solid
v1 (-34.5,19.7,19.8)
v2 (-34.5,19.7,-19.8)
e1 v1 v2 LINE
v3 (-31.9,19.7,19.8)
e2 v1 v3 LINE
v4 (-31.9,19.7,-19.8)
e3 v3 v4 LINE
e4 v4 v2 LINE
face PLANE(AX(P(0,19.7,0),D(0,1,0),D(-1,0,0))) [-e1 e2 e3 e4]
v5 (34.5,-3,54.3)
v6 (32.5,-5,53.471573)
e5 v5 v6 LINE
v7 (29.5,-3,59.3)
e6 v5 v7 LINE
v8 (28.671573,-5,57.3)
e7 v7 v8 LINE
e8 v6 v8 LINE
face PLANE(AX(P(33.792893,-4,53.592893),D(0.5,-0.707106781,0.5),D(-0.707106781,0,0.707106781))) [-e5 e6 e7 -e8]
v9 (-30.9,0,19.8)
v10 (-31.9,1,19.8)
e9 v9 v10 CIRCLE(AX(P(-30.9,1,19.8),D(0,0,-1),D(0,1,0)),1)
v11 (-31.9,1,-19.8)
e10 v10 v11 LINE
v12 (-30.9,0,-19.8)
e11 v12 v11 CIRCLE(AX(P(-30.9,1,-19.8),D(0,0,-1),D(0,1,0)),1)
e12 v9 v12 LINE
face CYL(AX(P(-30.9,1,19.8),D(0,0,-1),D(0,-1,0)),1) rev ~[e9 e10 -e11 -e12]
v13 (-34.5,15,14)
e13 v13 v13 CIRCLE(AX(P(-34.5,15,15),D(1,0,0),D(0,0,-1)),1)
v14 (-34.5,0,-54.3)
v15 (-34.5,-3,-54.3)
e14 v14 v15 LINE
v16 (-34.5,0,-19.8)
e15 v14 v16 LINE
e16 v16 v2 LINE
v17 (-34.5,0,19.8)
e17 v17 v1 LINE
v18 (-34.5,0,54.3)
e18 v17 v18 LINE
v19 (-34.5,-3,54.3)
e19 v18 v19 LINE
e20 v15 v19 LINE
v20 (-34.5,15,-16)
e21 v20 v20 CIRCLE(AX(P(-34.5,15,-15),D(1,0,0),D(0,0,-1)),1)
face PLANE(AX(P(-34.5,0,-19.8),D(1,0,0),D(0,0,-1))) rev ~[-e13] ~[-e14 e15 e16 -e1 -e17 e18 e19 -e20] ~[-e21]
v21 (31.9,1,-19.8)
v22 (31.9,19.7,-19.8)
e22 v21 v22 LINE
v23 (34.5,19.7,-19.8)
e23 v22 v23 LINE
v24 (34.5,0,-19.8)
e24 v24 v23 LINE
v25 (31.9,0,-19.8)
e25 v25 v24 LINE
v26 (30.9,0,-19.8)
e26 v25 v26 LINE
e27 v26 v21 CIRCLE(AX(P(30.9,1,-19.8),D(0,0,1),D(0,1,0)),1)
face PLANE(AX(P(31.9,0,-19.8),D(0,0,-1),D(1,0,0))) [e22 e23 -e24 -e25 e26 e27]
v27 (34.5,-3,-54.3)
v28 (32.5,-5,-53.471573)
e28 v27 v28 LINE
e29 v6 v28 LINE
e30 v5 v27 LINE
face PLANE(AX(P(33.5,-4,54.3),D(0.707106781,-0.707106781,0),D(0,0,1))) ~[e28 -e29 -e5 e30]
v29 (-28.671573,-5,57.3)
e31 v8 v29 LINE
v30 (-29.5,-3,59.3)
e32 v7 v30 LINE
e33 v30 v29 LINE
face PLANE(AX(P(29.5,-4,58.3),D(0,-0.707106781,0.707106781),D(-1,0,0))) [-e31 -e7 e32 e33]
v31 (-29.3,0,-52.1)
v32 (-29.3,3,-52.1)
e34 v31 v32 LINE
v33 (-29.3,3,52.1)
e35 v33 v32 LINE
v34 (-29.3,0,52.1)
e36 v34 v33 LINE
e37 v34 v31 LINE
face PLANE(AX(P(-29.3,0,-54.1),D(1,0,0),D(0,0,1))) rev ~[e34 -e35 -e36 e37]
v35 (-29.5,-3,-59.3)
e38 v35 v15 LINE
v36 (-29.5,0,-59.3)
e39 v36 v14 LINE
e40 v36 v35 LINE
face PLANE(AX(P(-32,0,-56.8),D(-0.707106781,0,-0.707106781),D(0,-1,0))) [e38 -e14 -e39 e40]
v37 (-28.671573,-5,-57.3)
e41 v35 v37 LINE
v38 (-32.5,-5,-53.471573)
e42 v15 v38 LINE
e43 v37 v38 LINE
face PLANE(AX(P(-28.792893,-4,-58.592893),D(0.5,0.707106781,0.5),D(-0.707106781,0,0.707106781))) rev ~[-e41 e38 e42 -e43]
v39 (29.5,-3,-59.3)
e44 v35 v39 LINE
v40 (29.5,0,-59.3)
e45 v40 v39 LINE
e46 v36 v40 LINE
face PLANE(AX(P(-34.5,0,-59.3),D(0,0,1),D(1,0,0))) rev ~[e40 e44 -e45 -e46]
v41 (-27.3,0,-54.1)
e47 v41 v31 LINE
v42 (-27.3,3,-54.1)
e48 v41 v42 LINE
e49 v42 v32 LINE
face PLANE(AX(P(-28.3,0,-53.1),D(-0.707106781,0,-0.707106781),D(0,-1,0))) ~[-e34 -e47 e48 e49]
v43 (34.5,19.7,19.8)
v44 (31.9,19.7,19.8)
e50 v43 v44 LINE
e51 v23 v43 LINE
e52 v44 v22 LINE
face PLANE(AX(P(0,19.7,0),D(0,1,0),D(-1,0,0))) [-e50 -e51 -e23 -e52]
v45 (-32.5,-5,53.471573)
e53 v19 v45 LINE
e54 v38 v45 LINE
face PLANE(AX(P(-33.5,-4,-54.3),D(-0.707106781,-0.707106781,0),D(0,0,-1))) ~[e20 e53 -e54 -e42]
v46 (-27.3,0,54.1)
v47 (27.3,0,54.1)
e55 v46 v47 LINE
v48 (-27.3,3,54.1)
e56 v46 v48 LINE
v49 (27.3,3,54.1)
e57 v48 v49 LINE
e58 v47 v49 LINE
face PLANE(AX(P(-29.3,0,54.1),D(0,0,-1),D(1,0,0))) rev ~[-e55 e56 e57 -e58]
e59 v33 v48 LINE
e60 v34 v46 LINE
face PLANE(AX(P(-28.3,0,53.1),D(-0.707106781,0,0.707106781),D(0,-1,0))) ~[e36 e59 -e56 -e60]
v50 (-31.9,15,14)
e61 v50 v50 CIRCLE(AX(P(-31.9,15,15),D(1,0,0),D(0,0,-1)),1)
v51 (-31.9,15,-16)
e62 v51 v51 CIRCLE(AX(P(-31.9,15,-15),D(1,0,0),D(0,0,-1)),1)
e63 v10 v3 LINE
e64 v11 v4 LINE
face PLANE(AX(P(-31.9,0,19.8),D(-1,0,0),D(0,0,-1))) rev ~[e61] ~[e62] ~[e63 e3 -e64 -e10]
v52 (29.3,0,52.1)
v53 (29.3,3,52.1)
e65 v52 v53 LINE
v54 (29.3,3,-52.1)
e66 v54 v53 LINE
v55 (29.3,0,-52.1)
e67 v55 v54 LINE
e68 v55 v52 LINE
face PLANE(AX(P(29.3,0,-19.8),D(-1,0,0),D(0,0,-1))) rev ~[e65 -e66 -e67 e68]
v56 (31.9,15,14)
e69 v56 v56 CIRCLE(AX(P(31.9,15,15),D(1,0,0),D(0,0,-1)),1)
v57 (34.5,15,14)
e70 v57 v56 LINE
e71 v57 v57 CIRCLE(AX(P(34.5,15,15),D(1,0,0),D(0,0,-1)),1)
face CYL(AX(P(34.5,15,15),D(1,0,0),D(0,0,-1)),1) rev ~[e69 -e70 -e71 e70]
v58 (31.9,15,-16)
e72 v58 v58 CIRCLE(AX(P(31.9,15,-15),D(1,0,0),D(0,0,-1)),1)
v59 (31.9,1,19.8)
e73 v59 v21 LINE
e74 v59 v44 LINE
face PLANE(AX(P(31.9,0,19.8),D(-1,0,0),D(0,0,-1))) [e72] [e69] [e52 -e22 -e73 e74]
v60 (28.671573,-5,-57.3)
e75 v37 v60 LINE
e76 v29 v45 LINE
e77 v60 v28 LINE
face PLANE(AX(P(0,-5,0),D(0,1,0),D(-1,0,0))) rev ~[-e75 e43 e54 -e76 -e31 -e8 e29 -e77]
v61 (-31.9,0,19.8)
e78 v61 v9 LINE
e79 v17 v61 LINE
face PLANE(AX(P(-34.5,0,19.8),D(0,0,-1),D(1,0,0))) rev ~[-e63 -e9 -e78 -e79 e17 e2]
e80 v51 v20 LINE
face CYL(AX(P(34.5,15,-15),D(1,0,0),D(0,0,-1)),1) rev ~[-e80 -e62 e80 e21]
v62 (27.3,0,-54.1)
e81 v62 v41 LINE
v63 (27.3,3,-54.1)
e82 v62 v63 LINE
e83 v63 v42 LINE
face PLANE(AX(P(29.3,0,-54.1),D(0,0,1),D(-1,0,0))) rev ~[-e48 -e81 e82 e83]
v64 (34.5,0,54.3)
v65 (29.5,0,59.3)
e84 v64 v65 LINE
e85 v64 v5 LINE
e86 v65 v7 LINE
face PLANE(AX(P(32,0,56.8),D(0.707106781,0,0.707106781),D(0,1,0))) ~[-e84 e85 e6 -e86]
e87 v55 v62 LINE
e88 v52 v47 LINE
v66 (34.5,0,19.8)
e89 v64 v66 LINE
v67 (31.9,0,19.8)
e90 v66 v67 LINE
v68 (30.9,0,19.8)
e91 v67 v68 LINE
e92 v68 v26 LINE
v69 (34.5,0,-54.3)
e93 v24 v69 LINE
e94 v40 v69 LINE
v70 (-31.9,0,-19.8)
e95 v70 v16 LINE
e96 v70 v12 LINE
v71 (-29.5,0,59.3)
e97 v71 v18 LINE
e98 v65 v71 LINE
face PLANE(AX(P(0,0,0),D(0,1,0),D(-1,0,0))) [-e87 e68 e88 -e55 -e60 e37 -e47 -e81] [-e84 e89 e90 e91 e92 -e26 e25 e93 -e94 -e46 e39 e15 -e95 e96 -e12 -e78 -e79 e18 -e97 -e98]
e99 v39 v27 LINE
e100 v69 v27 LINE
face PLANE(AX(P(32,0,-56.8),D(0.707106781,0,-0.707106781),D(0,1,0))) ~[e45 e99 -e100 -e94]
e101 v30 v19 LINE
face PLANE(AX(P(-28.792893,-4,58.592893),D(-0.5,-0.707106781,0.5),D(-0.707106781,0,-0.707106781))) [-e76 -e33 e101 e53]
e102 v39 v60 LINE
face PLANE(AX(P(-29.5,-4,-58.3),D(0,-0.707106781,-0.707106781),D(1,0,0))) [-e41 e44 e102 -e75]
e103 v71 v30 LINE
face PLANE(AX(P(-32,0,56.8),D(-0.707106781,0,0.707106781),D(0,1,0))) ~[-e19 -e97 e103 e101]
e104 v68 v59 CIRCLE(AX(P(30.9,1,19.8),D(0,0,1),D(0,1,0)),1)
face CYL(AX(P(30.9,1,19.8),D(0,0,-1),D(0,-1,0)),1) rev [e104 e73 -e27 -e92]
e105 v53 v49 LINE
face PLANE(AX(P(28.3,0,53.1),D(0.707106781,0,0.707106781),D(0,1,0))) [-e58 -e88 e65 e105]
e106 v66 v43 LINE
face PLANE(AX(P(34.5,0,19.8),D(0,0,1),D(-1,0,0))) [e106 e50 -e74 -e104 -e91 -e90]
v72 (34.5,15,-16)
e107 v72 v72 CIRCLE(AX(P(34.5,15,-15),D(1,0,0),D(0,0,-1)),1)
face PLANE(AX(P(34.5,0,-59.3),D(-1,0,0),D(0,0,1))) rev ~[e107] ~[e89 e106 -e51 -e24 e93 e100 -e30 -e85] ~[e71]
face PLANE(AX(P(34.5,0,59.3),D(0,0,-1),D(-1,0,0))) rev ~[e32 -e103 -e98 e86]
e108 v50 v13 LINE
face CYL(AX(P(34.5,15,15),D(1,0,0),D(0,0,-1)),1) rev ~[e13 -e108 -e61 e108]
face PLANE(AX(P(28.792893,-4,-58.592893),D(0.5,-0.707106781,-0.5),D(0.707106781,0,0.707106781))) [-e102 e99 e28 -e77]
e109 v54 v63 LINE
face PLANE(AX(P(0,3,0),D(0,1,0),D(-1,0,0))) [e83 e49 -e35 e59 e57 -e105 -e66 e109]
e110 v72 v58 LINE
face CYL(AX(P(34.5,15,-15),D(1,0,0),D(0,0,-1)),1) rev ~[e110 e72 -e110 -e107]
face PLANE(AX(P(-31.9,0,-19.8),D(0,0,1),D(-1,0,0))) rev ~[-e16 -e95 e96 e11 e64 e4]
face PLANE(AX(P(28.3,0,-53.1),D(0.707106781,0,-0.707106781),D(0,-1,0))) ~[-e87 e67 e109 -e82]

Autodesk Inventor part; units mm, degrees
ref_plane "YZ Plane" through (0, 0, 0) normal (1, 0, 0) x (0, 1, 0)
ref_plane "XZ Plane" through (0, 0, 0) normal (0, 1, 0) x (-1, 0, 0)
ref_plane "XY Plane" through (0, 0, 0) normal (0, 0, 1) x (1, 0, 0)
sketch "스케치1" plane through (0, 0, 0) normal (0, 1, 0) x (-1, 0, 0)
  line L0 (-29.3, -54.1) -> (29.3, -54.1)
  line L1 (29.3, -54.1) -> (29.3, 54.1)
  line L2 (29.3, 54.1) -> (-29.3, 54.1)
  line L3 (-29.3, 54.1) -> (-29.3, -54.1)
  line L4 (-29.3, -54.1) -> (29.3, 54.1) construction
  line L5 (29.3, -54.1) -> (-29.3, 54.1) construction
  line L6 (34.5, 59.3) -> (34.5, -59.3)
  line L7 (34.5, -59.3) -> (-34.5, -59.3)
  line L8 (-34.5, -59.3) -> (-34.5, 59.3)
  line L9 (-34.5, 59.3) -> (34.5, 59.3)
  line L10 (34.5, 19.8) -> (29.3, 19.8)
  line L11 (29.3, 19.8) -> (29.3, -19.8)
  line L12 (29.3, -19.8) -> (34.5, -19.8)
  line L13 (34.5, -19.8) -> (34.5, 19.8)
  line L14 (34.5, 19.8) -> (29.3, -19.8) construction
  line L15 (29.3, 19.8) -> (34.5, -19.8) construction
  line L16 (0, 0) -> (0, -10.2235)
  line L17 (31.9, 19.8) -> (31.9, -19.8)
  line L18 (-34.5, 19.8) -> (-29.3, 19.8)
  line L19 (-29.3, 19.8) -> (-29.3, -19.8)
  line L20 (-29.3, -19.8) -> (-34.5, -19.8)
  line L21 (-34.5, -19.8) -> (-34.5, 19.8)
  line L22 (-34.5, 19.8) -> (-29.3, -19.8) construction
  line L23 (-29.3, 19.8) -> (-34.5, -19.8) construction
  line L24 (-31.9, 19.8) -> (-31.9, -19.8)
  point P0 (31.9, 0)
  point P1 (-31.9, 0)
  point P2 (-34.5, 19.8)
  point P3 (-34.5, -19.8)
  dimension "d0" = 58.6
  dimension "d1" = 108.2
  dimension "d4" = 5.2
  dimension "d7" = 39.6
extrude "돌출1" add sketch "스케치1" against normal blind 5
extrude "돌출2" add sketch "스케치1" along normal blind 19.7 contours L20 L8 L18 L24 | L17 L10 L6 L12
chamfer "모따기1" distance 5 angle 45 4 edges at (-34.5, -2.5, 59.3) (34.5, -2.5, 59.3) (34.5, -2.5, -59.3) (-34.5, -2.5, -59.3)
sketch "스케치2" plane through (34.5, 0, -19.8) normal (1, 0, 0) x (0, 0, -1)
  circle A0 centre (-4.8, 15) radius 1
  line L0 (-19.8, 0) -> (-19.8, 7.8444)
  line L1 (-39.6, 19.7) -> (0, 19.7) projected
  line L2 (-39.6, 0) -> (0, 0) projected
  circle A1 centre (-34.8, 15) radius 1
  dimension "d14" = 15
  dimension "d15" = 2
  dimension "d16" = 15
extrude "돌출3" cut sketch "스케치2" against normal up to surface (69 mm away)
extrude "돌출4" add sketch "스케치1" along normal blind 3 contours L3 L2 L1 L0
chamfer "모따기2" distance 2 angle 45 4 edges at (-29.3, 1.5, -54.1) (-29.3, 1.5, 54.1) (29.3, 1.5, -54.1) (29.3, 1.5, 54.1)
chamfer "모따기3" distance 2 angle 45 8 edges at (34.5, -5, 0) (32, -5, -56.8) (0, -5, -59.3) (-34.5, -5, 0) (-32, -5, -56.8) (32, -5, 56.8) (0, -5, 59.3) (-32, -5, 56.8)
fillet "모깎기2" radius 1 2 edges at (31.9, 0, 0) (-31.9, 0, 0)
properties part number "컨버터 커버"
